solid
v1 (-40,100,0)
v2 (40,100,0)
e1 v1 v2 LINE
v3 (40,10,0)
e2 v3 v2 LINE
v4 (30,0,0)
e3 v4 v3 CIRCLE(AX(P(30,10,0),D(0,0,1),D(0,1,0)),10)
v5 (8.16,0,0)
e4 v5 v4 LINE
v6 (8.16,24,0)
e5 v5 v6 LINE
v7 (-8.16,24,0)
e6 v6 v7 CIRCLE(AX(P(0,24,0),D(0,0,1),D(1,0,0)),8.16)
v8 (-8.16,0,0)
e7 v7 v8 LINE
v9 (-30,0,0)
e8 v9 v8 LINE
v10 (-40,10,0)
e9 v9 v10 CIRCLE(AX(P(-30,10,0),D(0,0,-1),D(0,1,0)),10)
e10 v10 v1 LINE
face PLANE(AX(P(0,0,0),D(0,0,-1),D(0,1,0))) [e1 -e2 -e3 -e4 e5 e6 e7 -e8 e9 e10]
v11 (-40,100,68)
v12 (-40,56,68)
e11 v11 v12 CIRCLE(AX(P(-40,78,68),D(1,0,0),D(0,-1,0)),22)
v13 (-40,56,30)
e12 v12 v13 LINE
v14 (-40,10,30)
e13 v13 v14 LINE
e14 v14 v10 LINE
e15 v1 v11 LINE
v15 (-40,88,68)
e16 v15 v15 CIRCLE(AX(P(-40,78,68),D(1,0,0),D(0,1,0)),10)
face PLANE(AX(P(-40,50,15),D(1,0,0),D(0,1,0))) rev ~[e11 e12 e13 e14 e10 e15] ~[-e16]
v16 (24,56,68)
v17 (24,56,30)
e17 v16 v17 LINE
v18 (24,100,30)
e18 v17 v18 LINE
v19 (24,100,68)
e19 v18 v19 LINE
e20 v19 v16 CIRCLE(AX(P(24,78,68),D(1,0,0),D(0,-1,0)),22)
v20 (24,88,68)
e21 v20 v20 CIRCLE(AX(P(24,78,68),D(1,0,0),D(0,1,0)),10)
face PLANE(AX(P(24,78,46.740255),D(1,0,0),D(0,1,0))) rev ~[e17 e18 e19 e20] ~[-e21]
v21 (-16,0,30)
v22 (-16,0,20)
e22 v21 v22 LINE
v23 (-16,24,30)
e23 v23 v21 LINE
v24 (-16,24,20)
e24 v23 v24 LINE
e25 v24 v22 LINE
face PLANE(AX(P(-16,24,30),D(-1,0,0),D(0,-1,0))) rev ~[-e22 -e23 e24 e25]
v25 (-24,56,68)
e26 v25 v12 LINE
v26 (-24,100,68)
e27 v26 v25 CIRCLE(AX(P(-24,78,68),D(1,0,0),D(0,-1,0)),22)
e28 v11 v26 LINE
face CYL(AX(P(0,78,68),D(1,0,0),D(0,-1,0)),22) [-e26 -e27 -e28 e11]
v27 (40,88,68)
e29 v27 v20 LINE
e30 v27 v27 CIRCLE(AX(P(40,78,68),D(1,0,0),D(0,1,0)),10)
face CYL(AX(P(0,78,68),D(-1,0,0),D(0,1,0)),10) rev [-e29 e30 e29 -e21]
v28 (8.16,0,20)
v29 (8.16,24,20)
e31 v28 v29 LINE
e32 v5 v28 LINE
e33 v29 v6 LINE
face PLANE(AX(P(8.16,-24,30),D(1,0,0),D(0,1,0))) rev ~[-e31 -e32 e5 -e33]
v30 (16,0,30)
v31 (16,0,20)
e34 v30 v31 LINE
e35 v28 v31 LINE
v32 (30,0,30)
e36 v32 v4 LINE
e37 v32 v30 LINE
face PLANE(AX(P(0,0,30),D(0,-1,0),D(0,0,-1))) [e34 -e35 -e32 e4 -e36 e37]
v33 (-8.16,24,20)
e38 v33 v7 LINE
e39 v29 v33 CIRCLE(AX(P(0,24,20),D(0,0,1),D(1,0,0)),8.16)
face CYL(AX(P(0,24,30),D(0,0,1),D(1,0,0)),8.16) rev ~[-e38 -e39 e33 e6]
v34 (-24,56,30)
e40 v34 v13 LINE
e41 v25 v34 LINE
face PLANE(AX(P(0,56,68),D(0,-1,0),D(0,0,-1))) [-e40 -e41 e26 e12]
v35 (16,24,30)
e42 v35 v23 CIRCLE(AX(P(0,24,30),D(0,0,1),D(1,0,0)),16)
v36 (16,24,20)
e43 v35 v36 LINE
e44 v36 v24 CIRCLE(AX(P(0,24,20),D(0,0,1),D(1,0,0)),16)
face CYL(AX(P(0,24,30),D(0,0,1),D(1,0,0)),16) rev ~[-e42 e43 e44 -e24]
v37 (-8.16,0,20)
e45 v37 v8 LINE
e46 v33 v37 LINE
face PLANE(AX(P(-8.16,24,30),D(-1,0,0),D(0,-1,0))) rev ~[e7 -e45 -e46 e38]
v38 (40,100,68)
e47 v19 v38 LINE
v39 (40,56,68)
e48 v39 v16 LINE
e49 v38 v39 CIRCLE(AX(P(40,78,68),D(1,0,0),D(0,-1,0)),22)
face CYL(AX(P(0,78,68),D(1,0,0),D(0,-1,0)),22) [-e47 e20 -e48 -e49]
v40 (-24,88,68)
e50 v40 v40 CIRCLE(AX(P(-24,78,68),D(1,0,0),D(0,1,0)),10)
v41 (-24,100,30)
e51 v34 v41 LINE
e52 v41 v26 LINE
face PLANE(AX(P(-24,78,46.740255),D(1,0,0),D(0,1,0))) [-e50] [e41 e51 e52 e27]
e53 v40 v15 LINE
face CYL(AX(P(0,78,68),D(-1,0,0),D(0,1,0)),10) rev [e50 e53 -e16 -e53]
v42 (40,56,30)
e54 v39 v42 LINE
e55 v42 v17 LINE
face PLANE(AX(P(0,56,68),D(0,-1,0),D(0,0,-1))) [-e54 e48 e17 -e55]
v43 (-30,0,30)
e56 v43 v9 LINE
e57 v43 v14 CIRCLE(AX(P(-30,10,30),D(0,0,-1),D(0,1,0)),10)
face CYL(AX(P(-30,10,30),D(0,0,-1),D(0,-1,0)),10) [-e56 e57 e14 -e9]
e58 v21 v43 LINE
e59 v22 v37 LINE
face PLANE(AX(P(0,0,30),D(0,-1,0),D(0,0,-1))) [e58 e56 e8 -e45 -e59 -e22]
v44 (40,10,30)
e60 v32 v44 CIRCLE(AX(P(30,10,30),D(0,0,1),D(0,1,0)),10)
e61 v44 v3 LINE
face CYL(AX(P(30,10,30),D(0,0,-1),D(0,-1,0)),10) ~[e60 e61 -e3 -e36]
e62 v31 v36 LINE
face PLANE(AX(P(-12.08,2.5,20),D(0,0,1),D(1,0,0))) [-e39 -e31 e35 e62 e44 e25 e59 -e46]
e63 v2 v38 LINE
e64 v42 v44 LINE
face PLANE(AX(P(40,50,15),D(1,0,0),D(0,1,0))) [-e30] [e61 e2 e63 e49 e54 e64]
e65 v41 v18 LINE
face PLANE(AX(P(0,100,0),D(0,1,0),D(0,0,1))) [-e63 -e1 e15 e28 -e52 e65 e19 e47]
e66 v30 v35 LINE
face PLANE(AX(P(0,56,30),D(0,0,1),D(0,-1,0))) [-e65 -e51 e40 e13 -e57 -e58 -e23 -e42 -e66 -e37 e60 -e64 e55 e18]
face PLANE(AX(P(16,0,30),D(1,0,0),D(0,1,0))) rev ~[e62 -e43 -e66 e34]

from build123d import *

# Parameters (mm, degrees)
F0_R     = 10
F1_DEPTH = 40
F2_DEPTH = 24
F3_W     = 7.84
F3_H     = 5
F3_W_2   = 16.32
F4_DEPTH = 10
F3_H_2   = 24
F5_DEPTH = 30
F6_R     = 10


with BuildPart() as f1:
    # F0 (on Right) → F1 (new body, symmetric)
    with BuildSketch(Plane.YZ):
        Polygon((0, 30), (0, 0), (100, 0), (100, 30), (56, 30), align=None)
        with BuildLine():
            Line((56, 68), (56, 30))
            Line((56, 30), (100, 30))
            Line((100, 30), (100, 68))
            ThreePointArc((100, 68), (78, 46), (56, 68))
        make_face()
        with BuildLine():
            ThreePointArc((100, 68), (78, 90), (56, 68))
            ThreePointArc((56, 68), (78, 46), (100, 68))
        make_face()
        with Locations((78, 68)):
            Circle(F0_R, mode=Mode.SUBTRACT)
    extrude(amount=F1_DEPTH, both=True)

    # F0 (on Right) → F2 (cut, symmetric)
    with BuildSketch(Plane.YZ):
        with BuildLine():
            Line((56, 68), (56, 30))
            Line((56, 30), (100, 30))
            Line((100, 30), (100, 68))
            ThreePointArc((100, 68), (78, 46), (56, 68))
        make_face()
        with BuildLine():
            ThreePointArc((100, 68), (78, 90), (56, 68))
            ThreePointArc((56, 68), (78, 46), (100, 68))
        make_face()
        with Locations((78, 68)):
            Circle(F0_R, mode=Mode.SUBTRACT)
    extrude(amount=F2_DEPTH, both=True, mode=Mode.SUBTRACT)

    # F3 (on face) → F4 (cut)
    with BuildSketch(Plane.XY.offset(30)):
        with Locations((-12.08, 2.5)):
            Rectangle(F3_W, F3_H)
        with BuildLine():
            Line((-16, 24), (-16, 5))
            Line((-16, 5), (-8.16, 5))
            Line((-8.16, 5), (-8.16, 24))
            ThreePointArc((-8.16, 24), (0, 32.16), (8.16, 24))
            Line((8.16, 24), (8.16, 5))
            Line((8.16, 5), (16, 5))
            Line((16, 5), (16, 24))
            ThreePointArc((16, 24), (0, 40), (-16, 24))
        make_face()
        with Locations((12.08, 2.5)):
            Rectangle(F3_W, F3_H)
        with Locations((0, 2.5)):
            Rectangle(F3_W_2, F3_H)
        with BuildLine():
            Line((-8.16, 24), (-8.16, 5))
            Line((-8.16, 5), (8.16, 5))
            Line((8.16, 5), (8.16, 24))
            ThreePointArc((8.16, 24), (0, 32.16), (-8.16, 24))
        make_face()
    extrude(amount=-F4_DEPTH, mode=Mode.SUBTRACT)

    # F3 (on face) → F5 (cut, through all)
    with BuildSketch(Plane.XY.offset(30)):
        with BuildLine():
            Line((-8.16, 24), (-8.16, 5))
            Line((-8.16, 5), (8.16, 5))
            Line((8.16, 5), (8.16, 24))
            ThreePointArc((8.16, 24), (0, 32.16), (-8.16, 24))
        make_face()
        with Locations((0, 2.5)):
            Rectangle(F3_W_2, F3_H)
        with Locations((0, -12)):
            Rectangle(F3_W_2, F3_H_2)
    extrude(amount=-F5_DEPTH, mode=Mode.SUBTRACT)

    # F6
    f6_edges = [f1.edges().sort_by_distance(p)[0] for p in [
        (-40, 0, 15),
        (40, 0, 15),
    ]]
    fillet(f6_edges, radius=F6_R)


solid = f1.part
